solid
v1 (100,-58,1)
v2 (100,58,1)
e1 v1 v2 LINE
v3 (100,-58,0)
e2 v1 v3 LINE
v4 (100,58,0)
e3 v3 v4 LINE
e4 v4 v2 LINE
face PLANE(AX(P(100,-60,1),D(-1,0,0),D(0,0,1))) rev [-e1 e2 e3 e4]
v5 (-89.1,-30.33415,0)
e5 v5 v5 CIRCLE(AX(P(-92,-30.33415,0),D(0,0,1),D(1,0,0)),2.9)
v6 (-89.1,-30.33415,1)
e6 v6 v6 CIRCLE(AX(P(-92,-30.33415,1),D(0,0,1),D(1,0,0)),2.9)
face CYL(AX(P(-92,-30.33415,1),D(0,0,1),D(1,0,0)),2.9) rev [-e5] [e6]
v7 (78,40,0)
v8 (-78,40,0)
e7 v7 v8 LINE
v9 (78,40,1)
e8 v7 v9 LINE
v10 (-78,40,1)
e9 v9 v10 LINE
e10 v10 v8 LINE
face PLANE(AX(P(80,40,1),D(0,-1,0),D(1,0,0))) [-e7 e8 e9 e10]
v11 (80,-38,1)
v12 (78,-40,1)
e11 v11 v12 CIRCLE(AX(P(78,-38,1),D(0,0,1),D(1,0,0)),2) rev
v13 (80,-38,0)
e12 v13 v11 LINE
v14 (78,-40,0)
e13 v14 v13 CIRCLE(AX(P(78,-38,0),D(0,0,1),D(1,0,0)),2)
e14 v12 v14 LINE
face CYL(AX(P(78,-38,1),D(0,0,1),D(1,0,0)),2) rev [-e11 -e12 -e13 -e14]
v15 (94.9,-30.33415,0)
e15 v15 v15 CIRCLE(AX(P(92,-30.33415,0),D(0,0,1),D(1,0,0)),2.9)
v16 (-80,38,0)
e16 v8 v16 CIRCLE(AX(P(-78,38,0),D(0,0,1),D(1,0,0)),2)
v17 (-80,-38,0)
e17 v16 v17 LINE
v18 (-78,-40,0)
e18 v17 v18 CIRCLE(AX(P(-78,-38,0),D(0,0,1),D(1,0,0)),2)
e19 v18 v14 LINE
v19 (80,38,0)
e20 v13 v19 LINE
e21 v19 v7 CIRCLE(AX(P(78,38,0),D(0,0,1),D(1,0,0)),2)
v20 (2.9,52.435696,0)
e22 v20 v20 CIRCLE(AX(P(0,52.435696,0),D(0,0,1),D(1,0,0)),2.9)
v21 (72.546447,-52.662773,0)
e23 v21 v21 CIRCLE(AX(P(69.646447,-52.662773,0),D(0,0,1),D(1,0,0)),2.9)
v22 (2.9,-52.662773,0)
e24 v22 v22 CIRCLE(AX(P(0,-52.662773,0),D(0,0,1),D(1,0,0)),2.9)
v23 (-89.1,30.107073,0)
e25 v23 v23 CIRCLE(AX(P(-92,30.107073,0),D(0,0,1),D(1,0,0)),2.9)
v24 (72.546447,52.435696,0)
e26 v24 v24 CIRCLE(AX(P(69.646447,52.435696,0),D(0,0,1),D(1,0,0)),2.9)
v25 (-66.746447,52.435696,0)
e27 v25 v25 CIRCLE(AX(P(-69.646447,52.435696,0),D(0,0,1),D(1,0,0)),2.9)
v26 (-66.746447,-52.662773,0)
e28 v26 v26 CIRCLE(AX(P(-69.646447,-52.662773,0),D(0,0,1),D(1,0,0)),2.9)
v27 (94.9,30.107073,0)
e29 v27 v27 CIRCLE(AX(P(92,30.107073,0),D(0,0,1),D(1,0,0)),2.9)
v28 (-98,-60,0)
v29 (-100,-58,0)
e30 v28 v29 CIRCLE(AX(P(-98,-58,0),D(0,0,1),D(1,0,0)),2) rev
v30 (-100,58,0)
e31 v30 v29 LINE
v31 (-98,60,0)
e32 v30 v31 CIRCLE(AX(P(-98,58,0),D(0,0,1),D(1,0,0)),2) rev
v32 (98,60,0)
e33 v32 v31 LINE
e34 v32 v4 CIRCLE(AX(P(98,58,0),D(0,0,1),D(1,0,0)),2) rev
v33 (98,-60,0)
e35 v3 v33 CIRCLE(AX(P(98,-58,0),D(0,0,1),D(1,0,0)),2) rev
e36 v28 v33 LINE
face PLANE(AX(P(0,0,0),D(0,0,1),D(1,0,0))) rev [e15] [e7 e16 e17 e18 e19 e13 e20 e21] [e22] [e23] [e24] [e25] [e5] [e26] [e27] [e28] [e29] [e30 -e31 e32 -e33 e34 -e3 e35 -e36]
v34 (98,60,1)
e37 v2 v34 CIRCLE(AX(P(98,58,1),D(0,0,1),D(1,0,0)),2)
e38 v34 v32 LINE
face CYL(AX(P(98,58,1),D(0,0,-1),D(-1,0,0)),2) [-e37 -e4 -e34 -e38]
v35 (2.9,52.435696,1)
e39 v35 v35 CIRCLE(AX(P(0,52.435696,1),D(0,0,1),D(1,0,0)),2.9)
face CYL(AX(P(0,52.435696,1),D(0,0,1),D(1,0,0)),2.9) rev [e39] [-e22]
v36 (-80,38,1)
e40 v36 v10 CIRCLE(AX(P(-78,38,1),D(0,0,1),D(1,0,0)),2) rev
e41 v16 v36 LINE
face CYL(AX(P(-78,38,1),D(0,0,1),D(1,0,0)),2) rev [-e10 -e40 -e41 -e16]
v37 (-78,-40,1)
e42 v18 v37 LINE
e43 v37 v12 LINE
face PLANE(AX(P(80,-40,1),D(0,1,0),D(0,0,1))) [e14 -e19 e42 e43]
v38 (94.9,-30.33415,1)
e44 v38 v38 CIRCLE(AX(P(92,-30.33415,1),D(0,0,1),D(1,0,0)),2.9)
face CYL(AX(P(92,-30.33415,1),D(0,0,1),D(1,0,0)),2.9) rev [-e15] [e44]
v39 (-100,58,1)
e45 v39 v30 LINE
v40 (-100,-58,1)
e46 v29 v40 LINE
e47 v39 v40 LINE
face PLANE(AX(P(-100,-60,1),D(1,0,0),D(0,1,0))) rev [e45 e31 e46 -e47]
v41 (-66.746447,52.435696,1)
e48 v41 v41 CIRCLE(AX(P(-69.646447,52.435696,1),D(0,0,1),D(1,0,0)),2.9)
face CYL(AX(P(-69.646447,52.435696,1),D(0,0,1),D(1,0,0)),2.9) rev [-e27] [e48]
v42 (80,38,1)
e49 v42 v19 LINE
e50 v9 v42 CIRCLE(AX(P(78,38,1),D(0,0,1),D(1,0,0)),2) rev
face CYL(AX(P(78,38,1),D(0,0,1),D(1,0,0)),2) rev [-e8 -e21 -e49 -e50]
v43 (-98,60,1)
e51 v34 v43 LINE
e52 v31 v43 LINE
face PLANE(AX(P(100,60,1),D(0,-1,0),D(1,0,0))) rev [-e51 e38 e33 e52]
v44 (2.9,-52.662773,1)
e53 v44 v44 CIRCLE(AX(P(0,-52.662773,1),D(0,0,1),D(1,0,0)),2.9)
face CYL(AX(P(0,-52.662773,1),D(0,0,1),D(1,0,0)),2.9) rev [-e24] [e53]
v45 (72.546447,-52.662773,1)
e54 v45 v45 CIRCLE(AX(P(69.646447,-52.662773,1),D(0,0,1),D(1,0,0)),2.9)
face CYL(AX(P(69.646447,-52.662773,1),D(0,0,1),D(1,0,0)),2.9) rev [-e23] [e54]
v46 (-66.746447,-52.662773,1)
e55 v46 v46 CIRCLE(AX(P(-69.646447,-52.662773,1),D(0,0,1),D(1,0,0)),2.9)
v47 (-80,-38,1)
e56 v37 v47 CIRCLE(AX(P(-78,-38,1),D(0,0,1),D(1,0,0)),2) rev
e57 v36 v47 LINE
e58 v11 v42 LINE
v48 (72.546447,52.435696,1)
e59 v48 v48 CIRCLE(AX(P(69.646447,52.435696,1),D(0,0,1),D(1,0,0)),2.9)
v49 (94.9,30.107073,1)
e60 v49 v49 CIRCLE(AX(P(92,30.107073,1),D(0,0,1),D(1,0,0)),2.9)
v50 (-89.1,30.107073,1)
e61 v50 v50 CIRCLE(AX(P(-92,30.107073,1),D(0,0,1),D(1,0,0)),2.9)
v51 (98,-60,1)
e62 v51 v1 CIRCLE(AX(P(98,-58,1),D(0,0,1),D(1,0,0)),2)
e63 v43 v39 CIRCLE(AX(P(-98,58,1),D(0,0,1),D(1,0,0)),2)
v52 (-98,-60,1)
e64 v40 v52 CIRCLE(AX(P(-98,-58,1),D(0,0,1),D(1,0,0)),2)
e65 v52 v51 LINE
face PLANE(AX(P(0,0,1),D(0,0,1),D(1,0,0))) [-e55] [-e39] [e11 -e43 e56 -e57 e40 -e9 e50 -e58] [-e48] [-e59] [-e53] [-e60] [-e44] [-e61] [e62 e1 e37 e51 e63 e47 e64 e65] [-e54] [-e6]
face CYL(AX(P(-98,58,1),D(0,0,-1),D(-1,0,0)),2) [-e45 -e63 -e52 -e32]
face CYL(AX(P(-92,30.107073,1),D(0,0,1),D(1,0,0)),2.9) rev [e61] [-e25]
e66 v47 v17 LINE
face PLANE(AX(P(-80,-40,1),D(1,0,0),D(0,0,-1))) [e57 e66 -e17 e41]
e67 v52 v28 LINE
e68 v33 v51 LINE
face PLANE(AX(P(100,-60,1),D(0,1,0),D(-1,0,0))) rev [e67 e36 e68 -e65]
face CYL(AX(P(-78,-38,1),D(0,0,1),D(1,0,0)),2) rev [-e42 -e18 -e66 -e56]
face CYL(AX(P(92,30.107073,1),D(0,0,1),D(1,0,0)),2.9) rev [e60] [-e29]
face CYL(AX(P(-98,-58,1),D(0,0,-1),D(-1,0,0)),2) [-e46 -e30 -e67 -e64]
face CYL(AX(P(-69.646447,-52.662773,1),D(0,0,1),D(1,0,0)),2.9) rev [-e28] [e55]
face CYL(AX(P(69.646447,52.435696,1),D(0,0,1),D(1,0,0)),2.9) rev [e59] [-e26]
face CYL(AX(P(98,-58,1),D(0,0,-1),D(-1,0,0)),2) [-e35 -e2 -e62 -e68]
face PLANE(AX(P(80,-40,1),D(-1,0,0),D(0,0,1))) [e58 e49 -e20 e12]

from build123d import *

# Parameters (mm, degrees)
SKETCH1_W            = 200
SKETCH1_H            = 120
SKETCH1_W_2          = 160
SKETCH1_H_2          = 80
BOSS_EXTRUDE1_DEPTH  = 1
FILLET1_R            = 2
M5_CLEARANCE_HOLE1_D = 5.8


with BuildPart() as part:
    # Sketch1 → Boss-Extrude1 (new body)
    with BuildSketch(Plane.XY):
        Rectangle(SKETCH1_W, SKETCH1_H)
        Rectangle(SKETCH1_W_2, SKETCH1_H_2, mode=Mode.SUBTRACT)
    extrude(amount=BOSS_EXTRUDE1_DEPTH)

    # Fillet1
    fillet1_edges = [part.edges().sort_by_distance(p)[0] for p in [
        (-80, 40, 0.5),
        (-80, -40, 0.5),
        (80, -40, 0.5),
        (80, 40, 0.5),
        (-100, 60, 0.5),
        (100, 60, 0.5),
        (100, -60, 0.5),
        (-100, -60, 0.5),
    ]]
    fillet(fillet1_edges, radius=FILLET1_R)

    # M5 Clearance Hole1 (through all)
    with Locations(Plane.XY.offset(1)):
        with Locations((92, -30.334149623), (69.646446609, -52.66277265), (92, 30.107073019), (0, -52.66277265), (69.646446609, 52.435696047), (0, 52.435696047), (-69.646446609, 52.435696047), (-92, 30.107073019), (-92, -30.334149623), (-69.646446609, -52.66277265)):
            Hole(M5_CLEARANCE_HOLE1_D / 2)


solid = part.part
